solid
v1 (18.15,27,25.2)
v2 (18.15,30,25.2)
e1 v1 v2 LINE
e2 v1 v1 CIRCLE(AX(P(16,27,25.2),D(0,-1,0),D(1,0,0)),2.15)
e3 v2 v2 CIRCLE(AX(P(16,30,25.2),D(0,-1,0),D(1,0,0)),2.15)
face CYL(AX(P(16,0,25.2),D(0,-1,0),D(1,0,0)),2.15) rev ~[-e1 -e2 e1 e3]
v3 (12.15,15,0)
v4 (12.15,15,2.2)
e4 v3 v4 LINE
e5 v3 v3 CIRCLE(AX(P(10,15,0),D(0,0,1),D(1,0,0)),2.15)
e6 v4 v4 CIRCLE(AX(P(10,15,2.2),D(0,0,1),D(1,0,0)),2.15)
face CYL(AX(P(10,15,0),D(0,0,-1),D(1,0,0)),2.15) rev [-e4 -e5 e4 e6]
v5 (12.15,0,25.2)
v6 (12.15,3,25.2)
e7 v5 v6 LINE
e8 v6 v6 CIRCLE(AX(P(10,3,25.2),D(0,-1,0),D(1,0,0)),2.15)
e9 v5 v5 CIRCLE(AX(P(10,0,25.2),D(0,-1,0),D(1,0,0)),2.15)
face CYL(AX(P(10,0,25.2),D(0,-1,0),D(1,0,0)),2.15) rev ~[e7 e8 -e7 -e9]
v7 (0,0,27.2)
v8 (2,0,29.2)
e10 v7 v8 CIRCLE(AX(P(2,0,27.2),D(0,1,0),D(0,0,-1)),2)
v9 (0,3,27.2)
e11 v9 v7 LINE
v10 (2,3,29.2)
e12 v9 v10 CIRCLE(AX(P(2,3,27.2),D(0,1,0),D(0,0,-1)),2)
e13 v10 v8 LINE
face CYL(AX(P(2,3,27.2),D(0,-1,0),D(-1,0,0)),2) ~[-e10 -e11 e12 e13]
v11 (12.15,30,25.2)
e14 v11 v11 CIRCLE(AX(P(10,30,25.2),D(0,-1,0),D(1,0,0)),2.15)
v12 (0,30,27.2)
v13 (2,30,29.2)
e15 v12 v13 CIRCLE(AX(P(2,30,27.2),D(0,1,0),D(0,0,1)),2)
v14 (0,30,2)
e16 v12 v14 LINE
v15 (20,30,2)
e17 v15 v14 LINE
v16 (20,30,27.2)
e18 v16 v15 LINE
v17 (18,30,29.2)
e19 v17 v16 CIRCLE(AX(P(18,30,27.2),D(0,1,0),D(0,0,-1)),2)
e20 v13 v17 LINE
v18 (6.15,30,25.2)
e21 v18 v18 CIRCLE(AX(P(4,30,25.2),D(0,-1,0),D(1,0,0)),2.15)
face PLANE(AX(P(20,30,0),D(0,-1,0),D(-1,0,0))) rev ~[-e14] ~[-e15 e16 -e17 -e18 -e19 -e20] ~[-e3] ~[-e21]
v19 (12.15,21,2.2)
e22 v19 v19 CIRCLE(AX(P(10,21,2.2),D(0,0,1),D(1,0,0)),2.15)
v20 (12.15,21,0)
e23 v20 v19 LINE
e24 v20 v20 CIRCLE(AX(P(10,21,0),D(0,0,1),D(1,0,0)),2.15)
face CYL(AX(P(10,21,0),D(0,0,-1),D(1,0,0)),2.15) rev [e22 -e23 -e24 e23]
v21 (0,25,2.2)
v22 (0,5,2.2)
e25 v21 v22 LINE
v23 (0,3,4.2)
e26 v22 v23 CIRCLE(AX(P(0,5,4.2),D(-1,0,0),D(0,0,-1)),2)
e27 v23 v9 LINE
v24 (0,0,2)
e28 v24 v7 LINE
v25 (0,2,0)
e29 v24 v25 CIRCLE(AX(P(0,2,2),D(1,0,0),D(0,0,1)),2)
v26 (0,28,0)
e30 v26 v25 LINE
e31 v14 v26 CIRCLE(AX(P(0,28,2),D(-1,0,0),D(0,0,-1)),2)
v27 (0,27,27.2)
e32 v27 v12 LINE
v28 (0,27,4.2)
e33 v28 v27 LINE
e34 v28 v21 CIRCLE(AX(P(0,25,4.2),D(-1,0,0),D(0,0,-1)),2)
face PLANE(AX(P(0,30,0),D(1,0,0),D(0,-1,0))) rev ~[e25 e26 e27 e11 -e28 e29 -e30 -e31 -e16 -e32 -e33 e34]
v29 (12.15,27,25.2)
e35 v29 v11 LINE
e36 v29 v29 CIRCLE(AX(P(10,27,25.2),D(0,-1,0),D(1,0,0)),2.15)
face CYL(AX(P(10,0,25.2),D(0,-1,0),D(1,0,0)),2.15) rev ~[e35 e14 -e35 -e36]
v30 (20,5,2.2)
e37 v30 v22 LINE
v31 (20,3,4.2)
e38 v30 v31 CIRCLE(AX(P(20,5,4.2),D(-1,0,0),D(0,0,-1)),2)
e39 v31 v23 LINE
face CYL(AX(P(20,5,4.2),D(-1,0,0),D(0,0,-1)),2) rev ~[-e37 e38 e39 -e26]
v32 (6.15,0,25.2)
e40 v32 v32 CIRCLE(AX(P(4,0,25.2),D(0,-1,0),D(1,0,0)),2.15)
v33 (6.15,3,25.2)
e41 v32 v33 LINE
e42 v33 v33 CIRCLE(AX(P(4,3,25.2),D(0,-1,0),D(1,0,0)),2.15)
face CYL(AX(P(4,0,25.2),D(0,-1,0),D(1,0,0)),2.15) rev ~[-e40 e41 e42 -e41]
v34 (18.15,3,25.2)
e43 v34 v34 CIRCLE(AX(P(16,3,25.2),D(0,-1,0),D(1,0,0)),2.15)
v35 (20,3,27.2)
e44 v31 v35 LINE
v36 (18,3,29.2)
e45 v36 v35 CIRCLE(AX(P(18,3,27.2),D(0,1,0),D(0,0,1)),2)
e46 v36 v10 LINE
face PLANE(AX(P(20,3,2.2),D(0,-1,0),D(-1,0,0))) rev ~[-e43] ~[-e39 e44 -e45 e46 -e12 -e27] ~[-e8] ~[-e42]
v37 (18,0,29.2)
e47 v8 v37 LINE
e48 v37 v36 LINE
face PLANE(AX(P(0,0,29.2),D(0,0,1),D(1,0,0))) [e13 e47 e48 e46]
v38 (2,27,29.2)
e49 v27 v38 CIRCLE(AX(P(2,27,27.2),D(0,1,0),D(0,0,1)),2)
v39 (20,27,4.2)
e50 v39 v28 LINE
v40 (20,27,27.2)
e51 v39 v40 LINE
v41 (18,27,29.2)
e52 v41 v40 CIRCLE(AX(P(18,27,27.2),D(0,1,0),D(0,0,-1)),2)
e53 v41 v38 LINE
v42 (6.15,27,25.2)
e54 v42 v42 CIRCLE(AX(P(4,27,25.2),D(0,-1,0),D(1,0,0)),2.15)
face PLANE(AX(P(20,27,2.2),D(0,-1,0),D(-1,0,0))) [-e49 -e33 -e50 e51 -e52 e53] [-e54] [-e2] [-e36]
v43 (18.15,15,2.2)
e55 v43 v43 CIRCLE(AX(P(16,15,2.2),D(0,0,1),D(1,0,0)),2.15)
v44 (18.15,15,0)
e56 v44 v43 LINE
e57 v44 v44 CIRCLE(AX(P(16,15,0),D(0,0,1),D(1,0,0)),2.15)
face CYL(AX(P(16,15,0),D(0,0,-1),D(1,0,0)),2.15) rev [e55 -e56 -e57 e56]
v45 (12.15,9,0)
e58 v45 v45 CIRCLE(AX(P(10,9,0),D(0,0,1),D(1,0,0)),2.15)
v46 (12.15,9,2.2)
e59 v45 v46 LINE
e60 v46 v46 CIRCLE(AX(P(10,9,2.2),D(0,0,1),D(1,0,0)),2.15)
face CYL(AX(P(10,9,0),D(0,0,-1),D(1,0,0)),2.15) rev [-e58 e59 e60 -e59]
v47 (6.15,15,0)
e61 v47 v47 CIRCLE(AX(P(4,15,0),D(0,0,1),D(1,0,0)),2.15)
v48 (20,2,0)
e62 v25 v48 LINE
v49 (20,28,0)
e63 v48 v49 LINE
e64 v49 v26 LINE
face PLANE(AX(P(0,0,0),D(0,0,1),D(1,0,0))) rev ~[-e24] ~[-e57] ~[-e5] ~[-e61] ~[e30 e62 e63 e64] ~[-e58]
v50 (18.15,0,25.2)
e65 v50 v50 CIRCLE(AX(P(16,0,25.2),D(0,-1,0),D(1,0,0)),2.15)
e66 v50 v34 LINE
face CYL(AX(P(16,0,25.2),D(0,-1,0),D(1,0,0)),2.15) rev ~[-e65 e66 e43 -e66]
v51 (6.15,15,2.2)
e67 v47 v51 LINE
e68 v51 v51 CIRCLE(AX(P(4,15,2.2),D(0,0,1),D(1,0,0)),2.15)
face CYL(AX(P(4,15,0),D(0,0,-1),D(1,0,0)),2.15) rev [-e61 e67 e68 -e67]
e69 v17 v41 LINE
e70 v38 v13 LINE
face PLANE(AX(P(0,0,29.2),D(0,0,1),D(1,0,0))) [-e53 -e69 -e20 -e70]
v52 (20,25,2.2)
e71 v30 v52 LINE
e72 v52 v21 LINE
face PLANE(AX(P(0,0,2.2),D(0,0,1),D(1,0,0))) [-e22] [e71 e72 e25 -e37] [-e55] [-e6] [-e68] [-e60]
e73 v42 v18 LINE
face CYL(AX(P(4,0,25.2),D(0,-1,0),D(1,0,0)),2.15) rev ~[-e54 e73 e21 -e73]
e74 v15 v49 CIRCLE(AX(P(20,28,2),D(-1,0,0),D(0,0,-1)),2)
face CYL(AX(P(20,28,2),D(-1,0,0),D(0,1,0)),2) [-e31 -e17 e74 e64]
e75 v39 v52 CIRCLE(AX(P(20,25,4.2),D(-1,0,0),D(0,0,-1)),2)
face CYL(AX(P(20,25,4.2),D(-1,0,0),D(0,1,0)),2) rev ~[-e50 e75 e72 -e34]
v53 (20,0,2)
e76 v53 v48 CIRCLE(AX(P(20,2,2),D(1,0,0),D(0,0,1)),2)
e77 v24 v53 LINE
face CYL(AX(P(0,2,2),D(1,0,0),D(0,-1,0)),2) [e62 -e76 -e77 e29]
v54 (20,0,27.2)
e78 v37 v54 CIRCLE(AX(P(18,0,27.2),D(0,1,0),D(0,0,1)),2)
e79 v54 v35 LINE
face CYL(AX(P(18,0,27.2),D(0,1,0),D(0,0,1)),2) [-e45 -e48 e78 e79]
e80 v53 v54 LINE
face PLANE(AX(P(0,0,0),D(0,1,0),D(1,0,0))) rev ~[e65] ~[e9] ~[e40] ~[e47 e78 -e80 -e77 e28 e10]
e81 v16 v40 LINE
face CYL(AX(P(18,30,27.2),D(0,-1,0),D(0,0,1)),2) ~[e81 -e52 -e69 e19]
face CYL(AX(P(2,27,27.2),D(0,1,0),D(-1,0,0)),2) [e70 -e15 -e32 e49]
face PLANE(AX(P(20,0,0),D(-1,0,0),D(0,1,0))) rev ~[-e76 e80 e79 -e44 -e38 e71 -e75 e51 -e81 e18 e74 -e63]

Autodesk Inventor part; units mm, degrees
ref_plane "YZ Plane" through (0, 0, 0) normal (1, 0, 0) x (0, 1, 0)
ref_plane "XZ Plane" through (0, 0, 0) normal (0, 1, 0) x (-1, 0, 0)
ref_plane "XY Plane" through (0, 0, 0) normal (0, 0, 1) x (1, 0, 0)
sketch "Esquisse5" plane through (0, 0, 0) normal (0, 0, 1) x (1, 0, 0)
  line L0 (0, 0) -> (20, 0)
  line L1 (20, 0) -> (20, 30)
  line L2 (20, 30) -> (0, 30)
  line L3 (0, 30) -> (0, 0)
  line L4 (10, 0) -> (10, 30) construction
  circle A0 centre (10, 9) radius 2.15
  circle A1 centre (10, 15) radius 2.15
  circle A2 centre (10, 21) radius 2.15
  line L5 (10, 15) -> (20, 15) construction
  circle A3 centre (16, 15) radius 2.15
  circle A4 centre (4, 15) radius 2.15
  circle A5 centre (10, 15) radius 2.15
  dimension "d61" = 20
  dimension "d62" = 30
  dimension "d64" = 4.3
  dimension "d67" = 6
  dimension "d74" = 6
  dimension "d77" = 6
extrude "Extrusion5" add sketch "Esquisse5" along normal blind 2.2
sketch "Esquisse9" plane through (0, 0, 2.2) normal (0, 0, 1) x (1, 0, 0)
  line L0 (20, 0) -> (20, 30) construction
  line L1 (0, 30) -> (0, 0) construction
  line L2 (0, 30) -> (20, 30)
  line L3 (20, 30) -> (20, 27)
  line L4 (20, 27) -> (0, 27)
  line L5 (0, 27) -> (0, 30)
  line L6 (0, 15) -> (20, 15) construction
  line L7 (20, 0) -> (0, 0) construction
  line L8 (0, 0) -> (20, 0)
  line L9 (20, 0) -> (20, 3)
  line L10 (20, 3) -> (0, 3)
  line L11 (0, 3) -> (0, 0)
  dimension "d102" = 3
extrude "Extrusion9" add sketch "Esquisse9" along normal blind 27
sketch "Esquisse10" plane through (0, 0, 0) normal (0, -1, 0) x (1, 0, 0)
  line L0 (0, 0) -> (20, 0) construction
  line L1 (20, 0) -> (20, 29.2) construction
  line L2 (0, 29.2) -> (20, 29.2) construction
  line L3 (10, 29.2) -> (10, 0) construction
  circle A0 centre (10, 25.2) radius 2.15
  line L4 (10, 25.2) -> (20, 25.2) construction
  circle A1 centre (16, 25.2) radius 2.15
  circle A2 centre (4, 25.2) radius 2.15
  circle A3 centre (10, 25.2) radius 2.15
  dimension "d105" = 4
  dimension "d106" = 4.3
  dimension "d109" = 6
  dimension "d112" = 6
extrude "Extrusion10" cut sketch "Esquisse10" against normal through all
fillet "Congé6" radius 2 8 edges at (10, 0, 0) (10, 3, 2.2) (10, 27, 2.2) (0, 28.5, 29.2) (20, 28.5, 29.2) (20, 1.5, 29.2) (0, 1.5, 29.2) (10, 30, 0)
equation "\"d64\" = Holes"
equation "\"d80\" = Depth"
equation "\"d106\" = Holes"
equation "\"Depth\" = 2.2"
equation "\"Holes\" = 4.3"
equation "\"Height\" = 0"
equation "\"Rounding\" = 7"
equation "\"BackLegUpperBoneLength\" = 17"
properties part number "BackLegUpperUpperBone"
